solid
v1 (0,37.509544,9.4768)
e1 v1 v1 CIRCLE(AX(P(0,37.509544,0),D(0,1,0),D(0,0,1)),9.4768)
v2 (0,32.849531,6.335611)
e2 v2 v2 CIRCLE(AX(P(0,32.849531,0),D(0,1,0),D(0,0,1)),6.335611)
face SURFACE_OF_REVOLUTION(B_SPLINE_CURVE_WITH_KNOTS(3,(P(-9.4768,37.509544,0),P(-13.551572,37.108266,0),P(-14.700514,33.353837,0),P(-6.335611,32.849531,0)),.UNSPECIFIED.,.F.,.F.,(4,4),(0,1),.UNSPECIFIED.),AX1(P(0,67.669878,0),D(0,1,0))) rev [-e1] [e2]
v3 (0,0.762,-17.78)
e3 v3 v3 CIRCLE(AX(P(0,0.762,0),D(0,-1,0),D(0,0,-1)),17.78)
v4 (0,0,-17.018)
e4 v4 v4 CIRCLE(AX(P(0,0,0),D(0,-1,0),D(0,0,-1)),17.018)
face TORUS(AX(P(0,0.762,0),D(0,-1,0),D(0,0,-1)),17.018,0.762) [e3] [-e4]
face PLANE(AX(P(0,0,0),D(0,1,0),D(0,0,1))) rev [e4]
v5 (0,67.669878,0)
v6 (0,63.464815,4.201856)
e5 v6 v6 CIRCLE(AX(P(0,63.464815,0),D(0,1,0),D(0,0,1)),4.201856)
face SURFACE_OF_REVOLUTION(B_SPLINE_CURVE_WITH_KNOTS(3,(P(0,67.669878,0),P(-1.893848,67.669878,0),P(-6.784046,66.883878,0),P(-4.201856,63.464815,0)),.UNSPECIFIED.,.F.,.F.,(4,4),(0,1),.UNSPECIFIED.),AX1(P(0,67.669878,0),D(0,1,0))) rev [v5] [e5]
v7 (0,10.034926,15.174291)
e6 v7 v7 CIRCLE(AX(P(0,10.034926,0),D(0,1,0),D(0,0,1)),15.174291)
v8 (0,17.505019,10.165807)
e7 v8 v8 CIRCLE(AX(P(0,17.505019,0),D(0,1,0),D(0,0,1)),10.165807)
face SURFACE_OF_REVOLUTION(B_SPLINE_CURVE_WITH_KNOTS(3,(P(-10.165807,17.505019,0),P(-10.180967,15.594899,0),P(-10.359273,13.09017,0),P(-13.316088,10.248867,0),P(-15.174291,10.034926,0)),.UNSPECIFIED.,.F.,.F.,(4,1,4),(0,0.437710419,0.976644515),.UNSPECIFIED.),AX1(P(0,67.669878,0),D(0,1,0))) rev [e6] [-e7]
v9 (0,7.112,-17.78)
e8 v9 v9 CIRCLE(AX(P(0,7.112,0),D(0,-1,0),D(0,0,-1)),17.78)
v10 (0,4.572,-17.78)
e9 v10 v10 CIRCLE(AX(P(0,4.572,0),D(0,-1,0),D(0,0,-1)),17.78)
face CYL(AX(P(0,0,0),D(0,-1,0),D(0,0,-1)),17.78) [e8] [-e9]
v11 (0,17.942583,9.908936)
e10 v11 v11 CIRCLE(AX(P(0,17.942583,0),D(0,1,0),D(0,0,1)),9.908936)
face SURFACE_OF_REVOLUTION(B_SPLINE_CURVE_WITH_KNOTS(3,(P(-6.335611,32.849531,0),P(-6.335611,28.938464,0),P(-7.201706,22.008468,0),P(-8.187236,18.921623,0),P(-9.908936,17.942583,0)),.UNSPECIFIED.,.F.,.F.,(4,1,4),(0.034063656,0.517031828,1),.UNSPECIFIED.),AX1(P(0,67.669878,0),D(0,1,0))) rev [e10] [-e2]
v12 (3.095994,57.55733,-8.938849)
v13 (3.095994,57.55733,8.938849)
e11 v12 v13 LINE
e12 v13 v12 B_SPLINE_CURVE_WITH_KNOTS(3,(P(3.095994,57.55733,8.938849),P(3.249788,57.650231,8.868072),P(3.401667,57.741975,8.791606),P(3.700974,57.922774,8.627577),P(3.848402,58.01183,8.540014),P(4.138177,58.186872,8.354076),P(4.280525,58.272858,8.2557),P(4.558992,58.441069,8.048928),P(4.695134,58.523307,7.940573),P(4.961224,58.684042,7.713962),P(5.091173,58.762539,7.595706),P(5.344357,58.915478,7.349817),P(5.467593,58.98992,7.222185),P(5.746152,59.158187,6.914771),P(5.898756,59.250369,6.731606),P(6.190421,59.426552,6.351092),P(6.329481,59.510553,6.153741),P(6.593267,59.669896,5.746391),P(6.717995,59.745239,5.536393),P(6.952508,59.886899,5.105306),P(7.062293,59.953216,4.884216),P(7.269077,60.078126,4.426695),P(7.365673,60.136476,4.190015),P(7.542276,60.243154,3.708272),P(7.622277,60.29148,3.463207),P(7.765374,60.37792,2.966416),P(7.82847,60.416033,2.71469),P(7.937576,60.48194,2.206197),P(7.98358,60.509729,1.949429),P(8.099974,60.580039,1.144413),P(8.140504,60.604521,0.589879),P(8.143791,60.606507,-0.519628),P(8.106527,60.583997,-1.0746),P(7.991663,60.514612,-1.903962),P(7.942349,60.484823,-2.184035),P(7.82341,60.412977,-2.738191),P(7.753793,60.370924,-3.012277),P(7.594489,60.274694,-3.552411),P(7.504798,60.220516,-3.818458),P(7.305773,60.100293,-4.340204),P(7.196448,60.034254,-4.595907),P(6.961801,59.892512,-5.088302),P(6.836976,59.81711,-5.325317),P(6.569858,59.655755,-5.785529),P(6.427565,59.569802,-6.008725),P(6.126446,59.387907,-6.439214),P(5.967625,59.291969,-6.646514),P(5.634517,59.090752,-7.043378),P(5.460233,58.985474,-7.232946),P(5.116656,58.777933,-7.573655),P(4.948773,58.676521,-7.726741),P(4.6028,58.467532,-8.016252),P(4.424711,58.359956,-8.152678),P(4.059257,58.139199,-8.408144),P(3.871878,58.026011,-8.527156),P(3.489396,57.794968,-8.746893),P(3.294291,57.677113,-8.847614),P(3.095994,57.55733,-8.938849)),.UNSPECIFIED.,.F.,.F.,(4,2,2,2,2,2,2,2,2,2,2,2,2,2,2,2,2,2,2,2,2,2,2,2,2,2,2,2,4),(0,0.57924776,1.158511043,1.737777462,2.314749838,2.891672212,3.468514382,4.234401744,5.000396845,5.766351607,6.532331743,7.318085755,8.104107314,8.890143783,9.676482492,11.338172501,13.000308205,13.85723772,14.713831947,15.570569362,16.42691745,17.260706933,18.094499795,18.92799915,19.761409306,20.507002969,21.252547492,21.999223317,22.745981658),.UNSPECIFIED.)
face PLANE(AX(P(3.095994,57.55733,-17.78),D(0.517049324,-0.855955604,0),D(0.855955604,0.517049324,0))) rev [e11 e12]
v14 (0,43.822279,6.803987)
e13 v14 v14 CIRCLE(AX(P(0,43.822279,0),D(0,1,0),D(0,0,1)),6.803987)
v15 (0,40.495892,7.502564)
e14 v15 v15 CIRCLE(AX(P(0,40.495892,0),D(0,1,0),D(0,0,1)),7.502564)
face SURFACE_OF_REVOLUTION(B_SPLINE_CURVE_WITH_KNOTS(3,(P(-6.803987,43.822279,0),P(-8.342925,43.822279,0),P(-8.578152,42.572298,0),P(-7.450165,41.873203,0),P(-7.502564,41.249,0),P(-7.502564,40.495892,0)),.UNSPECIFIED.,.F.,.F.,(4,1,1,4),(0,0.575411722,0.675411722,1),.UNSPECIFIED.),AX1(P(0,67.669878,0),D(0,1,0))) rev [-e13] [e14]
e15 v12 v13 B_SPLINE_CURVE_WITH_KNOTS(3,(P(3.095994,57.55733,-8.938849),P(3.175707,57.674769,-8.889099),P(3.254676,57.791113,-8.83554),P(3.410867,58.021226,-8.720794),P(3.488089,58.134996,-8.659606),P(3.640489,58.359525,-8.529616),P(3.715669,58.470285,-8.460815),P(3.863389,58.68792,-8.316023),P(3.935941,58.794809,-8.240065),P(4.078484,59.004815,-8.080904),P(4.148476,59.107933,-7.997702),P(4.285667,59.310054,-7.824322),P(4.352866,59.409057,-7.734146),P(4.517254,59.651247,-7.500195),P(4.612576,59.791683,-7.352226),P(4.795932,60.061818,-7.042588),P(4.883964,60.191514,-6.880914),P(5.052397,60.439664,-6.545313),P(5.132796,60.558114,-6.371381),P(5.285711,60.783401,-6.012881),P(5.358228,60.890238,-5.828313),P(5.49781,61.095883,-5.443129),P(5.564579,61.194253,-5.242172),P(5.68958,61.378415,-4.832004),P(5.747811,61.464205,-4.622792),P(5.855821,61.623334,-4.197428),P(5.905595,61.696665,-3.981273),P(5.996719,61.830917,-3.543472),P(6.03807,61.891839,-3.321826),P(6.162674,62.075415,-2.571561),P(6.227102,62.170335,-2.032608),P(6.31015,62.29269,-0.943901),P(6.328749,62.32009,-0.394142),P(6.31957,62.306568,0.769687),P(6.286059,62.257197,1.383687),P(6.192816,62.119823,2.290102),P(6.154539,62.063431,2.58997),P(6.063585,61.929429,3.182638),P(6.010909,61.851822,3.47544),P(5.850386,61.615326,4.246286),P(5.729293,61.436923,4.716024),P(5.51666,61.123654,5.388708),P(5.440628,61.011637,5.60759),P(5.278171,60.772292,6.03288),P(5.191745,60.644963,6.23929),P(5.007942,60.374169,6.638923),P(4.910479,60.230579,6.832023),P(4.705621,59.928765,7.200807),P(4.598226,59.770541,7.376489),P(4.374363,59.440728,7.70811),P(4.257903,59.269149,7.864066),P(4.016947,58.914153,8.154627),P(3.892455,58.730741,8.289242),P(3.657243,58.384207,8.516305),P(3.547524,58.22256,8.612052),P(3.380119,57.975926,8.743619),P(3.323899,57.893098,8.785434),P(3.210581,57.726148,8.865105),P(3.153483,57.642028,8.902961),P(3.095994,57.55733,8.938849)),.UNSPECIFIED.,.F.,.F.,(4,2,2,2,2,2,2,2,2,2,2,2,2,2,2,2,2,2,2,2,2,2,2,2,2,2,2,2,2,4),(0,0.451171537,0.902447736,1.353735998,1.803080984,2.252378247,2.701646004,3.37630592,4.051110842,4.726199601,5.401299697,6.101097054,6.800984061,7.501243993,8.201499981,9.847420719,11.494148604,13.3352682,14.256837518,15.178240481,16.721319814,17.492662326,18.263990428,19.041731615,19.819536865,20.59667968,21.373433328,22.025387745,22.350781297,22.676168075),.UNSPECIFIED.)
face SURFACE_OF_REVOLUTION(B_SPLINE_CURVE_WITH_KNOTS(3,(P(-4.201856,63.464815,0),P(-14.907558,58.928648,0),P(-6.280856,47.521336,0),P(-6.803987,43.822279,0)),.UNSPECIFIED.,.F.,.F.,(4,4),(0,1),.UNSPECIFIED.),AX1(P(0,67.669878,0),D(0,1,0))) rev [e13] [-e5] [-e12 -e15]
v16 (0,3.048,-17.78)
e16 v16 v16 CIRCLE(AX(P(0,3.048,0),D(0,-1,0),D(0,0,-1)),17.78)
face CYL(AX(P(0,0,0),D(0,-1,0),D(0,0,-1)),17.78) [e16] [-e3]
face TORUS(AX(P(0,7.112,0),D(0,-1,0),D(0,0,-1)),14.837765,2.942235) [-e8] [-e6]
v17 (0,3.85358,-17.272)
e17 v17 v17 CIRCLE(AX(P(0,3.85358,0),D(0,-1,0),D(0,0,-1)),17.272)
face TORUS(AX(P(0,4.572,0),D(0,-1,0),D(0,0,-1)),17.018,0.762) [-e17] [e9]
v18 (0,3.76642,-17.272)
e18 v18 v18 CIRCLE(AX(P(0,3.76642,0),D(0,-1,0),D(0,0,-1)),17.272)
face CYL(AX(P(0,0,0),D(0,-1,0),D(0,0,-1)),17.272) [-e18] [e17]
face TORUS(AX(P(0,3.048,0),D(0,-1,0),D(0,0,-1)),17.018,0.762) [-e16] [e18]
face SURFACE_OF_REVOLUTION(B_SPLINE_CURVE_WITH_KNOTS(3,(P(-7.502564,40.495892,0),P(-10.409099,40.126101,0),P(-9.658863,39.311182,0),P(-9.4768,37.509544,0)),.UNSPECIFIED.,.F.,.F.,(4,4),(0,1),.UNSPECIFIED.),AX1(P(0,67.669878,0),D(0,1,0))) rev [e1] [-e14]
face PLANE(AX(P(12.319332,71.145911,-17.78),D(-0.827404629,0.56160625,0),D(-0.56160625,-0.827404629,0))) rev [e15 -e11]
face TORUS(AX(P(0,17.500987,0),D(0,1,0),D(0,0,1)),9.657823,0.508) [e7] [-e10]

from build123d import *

# Parameters (mm, degrees)
CUT_EXTRUDE1_DEPTH      = 73.190506475
CUT_EXTRUDE1_DEPTH_BACK = 73.190506475


with BuildPart() as part:
    # Sketch2 → Revolve2 (revolve)
    with BuildSketch(Plane.XY, mode=Mode.PRIVATE) as revolve2_sk:
        with BuildLine():
            Line((0, 0), (0, 10.034926072))
            Line((0, 10.034926072), (-15.174290575, 10.034926072))
            ThreePointArc((-15.174290575, 10.034926072), (-17.033998604, 9.069882685), (-17.78, 7.112))
            Line((-17.78, 7.112), (-17.78, 4.572))
            ThreePointArc((-17.78, 4.572), (-17.640170395, 4.132059095), (-17.272, 3.85357951))
            Line((-17.272, 3.85357951), (-17.272, 3.76642049))
            ThreePointArc((-17.272, 3.76642049), (-17.640170395, 3.487940905), (-17.78, 3.048))
            Line((-17.78, 3.048), (-17.78, 0.762))
            ThreePointArc((-17.78, 0.762), (-17.556815367, 0.223184633), (-17.018, 0))
            Line((-17.018, 0), (0, 0))
        make_face()
    revolve(revolve2_sk.sketch.rotate(Axis((0, 0, 0), (0, 1, 0)), 270), axis=Axis((0, 0, 0), (0, 1, 0)))

    # Sketch3 → Revolve3 (revolve)
    with BuildSketch(Plane.XY, mode=Mode.PRIVATE) as revolve3_sk:
        with BuildLine():
            Line((0, 67.669878118), (0, 10.034926072))
            Line((0, 10.034926072), (-15.174290575, 10.034926072))
            add(Edge.make_bspline(
                [(-15.174290575, 10.034926072), (-13.316088216, 10.248866631), (-10.359272765, 13.090170459), (-10.18096728, 15.594899433), (-10.165807206, 17.5050188)],
                knots=[0, 0, 0, 0, 0.538934096, 0.976644515, 0.976644515, 0.976644515, 0.976644515], degree=3))
            ThreePointArc((-10.165807206, 17.5050188), (-10.095912608, 17.758167315), (-9.908935525, 17.942582596))
            add(Edge.make_bspline(
                [(-9.908935525, 17.942582596), (-8.187236187, 18.921623132), (-7.201706327, 22.008467929), (-6.335610939, 28.938463725), (-6.335610939, 32.849530873)],
                knots=[0.034063656, 0.034063656, 0.034063656, 0.034063656, 0.517031828, 1, 1, 1, 1], degree=3))
            add(Edge.make_bspline(
                [(-6.335610939, 32.849530873), (-14.700513533, 33.353836882), (-13.551571537, 37.108265961), (-9.476799879, 37.509544193)],
                knots=[0, 0, 0, 0, 1, 1, 1, 1], degree=3))
            add(Edge.make_bspline(
                [(-9.476799879, 37.509544193), (-9.658863157, 39.311181821), (-10.409099173, 40.126101453), (-7.502563524, 40.495892352)],
                knots=[0, 0, 0, 0, 1, 1, 1, 1], degree=3))
            add(Edge.make_bspline(
                [(-7.502563524, 40.495892352), (-7.502563524, 41.248999655), (-7.45016532, 41.873203309), (-8.578151677, 42.572298348), (-8.342924586, 43.822278914), (-6.803987129, 43.822278914)],
                knots=[0, 0, 0, 0, 0.324588278, 0.424588278, 1, 1, 1, 1], degree=3))
            add(Edge.make_bspline(
                [(-6.803987129, 43.822278914), (-6.28085601, 47.521336167), (-14.907557534, 58.928647782), (-4.201855879, 63.464815017)],
                knots=[0, 0, 0, 0, 1, 1, 1, 1], degree=3))
            add(Edge.make_bspline(
                [(-4.201855879, 63.464815017), (-6.784046287, 66.883878184), (-1.893847981, 67.669878118), (0, 67.669878118)],
                knots=[0, 0, 0, 0, 1, 1, 1, 1], degree=3))
        make_face()
    revolve(revolve3_sk.sketch.rotate(Axis((0, 67.669878118, 0), (0, -1, 0)), 270), axis=Axis((0, 67.669878118, 0), (0, -1, 0)))

    # Sketch4 → Cut-Extrude1 (cut, two sides: drawn at the far end of the back side and taken through both)
    with BuildSketch(Plane.XY.offset(-CUT_EXTRUDE1_DEPTH_BACK)):
        Polygon((12.319331847, 71.145911235), (3.095994118, 57.557329695), (16.966204291, 65.935781525), align=None)
    extrude(amount=CUT_EXTRUDE1_DEPTH + CUT_EXTRUDE1_DEPTH_BACK, mode=Mode.SUBTRACT)


solid = part.part
